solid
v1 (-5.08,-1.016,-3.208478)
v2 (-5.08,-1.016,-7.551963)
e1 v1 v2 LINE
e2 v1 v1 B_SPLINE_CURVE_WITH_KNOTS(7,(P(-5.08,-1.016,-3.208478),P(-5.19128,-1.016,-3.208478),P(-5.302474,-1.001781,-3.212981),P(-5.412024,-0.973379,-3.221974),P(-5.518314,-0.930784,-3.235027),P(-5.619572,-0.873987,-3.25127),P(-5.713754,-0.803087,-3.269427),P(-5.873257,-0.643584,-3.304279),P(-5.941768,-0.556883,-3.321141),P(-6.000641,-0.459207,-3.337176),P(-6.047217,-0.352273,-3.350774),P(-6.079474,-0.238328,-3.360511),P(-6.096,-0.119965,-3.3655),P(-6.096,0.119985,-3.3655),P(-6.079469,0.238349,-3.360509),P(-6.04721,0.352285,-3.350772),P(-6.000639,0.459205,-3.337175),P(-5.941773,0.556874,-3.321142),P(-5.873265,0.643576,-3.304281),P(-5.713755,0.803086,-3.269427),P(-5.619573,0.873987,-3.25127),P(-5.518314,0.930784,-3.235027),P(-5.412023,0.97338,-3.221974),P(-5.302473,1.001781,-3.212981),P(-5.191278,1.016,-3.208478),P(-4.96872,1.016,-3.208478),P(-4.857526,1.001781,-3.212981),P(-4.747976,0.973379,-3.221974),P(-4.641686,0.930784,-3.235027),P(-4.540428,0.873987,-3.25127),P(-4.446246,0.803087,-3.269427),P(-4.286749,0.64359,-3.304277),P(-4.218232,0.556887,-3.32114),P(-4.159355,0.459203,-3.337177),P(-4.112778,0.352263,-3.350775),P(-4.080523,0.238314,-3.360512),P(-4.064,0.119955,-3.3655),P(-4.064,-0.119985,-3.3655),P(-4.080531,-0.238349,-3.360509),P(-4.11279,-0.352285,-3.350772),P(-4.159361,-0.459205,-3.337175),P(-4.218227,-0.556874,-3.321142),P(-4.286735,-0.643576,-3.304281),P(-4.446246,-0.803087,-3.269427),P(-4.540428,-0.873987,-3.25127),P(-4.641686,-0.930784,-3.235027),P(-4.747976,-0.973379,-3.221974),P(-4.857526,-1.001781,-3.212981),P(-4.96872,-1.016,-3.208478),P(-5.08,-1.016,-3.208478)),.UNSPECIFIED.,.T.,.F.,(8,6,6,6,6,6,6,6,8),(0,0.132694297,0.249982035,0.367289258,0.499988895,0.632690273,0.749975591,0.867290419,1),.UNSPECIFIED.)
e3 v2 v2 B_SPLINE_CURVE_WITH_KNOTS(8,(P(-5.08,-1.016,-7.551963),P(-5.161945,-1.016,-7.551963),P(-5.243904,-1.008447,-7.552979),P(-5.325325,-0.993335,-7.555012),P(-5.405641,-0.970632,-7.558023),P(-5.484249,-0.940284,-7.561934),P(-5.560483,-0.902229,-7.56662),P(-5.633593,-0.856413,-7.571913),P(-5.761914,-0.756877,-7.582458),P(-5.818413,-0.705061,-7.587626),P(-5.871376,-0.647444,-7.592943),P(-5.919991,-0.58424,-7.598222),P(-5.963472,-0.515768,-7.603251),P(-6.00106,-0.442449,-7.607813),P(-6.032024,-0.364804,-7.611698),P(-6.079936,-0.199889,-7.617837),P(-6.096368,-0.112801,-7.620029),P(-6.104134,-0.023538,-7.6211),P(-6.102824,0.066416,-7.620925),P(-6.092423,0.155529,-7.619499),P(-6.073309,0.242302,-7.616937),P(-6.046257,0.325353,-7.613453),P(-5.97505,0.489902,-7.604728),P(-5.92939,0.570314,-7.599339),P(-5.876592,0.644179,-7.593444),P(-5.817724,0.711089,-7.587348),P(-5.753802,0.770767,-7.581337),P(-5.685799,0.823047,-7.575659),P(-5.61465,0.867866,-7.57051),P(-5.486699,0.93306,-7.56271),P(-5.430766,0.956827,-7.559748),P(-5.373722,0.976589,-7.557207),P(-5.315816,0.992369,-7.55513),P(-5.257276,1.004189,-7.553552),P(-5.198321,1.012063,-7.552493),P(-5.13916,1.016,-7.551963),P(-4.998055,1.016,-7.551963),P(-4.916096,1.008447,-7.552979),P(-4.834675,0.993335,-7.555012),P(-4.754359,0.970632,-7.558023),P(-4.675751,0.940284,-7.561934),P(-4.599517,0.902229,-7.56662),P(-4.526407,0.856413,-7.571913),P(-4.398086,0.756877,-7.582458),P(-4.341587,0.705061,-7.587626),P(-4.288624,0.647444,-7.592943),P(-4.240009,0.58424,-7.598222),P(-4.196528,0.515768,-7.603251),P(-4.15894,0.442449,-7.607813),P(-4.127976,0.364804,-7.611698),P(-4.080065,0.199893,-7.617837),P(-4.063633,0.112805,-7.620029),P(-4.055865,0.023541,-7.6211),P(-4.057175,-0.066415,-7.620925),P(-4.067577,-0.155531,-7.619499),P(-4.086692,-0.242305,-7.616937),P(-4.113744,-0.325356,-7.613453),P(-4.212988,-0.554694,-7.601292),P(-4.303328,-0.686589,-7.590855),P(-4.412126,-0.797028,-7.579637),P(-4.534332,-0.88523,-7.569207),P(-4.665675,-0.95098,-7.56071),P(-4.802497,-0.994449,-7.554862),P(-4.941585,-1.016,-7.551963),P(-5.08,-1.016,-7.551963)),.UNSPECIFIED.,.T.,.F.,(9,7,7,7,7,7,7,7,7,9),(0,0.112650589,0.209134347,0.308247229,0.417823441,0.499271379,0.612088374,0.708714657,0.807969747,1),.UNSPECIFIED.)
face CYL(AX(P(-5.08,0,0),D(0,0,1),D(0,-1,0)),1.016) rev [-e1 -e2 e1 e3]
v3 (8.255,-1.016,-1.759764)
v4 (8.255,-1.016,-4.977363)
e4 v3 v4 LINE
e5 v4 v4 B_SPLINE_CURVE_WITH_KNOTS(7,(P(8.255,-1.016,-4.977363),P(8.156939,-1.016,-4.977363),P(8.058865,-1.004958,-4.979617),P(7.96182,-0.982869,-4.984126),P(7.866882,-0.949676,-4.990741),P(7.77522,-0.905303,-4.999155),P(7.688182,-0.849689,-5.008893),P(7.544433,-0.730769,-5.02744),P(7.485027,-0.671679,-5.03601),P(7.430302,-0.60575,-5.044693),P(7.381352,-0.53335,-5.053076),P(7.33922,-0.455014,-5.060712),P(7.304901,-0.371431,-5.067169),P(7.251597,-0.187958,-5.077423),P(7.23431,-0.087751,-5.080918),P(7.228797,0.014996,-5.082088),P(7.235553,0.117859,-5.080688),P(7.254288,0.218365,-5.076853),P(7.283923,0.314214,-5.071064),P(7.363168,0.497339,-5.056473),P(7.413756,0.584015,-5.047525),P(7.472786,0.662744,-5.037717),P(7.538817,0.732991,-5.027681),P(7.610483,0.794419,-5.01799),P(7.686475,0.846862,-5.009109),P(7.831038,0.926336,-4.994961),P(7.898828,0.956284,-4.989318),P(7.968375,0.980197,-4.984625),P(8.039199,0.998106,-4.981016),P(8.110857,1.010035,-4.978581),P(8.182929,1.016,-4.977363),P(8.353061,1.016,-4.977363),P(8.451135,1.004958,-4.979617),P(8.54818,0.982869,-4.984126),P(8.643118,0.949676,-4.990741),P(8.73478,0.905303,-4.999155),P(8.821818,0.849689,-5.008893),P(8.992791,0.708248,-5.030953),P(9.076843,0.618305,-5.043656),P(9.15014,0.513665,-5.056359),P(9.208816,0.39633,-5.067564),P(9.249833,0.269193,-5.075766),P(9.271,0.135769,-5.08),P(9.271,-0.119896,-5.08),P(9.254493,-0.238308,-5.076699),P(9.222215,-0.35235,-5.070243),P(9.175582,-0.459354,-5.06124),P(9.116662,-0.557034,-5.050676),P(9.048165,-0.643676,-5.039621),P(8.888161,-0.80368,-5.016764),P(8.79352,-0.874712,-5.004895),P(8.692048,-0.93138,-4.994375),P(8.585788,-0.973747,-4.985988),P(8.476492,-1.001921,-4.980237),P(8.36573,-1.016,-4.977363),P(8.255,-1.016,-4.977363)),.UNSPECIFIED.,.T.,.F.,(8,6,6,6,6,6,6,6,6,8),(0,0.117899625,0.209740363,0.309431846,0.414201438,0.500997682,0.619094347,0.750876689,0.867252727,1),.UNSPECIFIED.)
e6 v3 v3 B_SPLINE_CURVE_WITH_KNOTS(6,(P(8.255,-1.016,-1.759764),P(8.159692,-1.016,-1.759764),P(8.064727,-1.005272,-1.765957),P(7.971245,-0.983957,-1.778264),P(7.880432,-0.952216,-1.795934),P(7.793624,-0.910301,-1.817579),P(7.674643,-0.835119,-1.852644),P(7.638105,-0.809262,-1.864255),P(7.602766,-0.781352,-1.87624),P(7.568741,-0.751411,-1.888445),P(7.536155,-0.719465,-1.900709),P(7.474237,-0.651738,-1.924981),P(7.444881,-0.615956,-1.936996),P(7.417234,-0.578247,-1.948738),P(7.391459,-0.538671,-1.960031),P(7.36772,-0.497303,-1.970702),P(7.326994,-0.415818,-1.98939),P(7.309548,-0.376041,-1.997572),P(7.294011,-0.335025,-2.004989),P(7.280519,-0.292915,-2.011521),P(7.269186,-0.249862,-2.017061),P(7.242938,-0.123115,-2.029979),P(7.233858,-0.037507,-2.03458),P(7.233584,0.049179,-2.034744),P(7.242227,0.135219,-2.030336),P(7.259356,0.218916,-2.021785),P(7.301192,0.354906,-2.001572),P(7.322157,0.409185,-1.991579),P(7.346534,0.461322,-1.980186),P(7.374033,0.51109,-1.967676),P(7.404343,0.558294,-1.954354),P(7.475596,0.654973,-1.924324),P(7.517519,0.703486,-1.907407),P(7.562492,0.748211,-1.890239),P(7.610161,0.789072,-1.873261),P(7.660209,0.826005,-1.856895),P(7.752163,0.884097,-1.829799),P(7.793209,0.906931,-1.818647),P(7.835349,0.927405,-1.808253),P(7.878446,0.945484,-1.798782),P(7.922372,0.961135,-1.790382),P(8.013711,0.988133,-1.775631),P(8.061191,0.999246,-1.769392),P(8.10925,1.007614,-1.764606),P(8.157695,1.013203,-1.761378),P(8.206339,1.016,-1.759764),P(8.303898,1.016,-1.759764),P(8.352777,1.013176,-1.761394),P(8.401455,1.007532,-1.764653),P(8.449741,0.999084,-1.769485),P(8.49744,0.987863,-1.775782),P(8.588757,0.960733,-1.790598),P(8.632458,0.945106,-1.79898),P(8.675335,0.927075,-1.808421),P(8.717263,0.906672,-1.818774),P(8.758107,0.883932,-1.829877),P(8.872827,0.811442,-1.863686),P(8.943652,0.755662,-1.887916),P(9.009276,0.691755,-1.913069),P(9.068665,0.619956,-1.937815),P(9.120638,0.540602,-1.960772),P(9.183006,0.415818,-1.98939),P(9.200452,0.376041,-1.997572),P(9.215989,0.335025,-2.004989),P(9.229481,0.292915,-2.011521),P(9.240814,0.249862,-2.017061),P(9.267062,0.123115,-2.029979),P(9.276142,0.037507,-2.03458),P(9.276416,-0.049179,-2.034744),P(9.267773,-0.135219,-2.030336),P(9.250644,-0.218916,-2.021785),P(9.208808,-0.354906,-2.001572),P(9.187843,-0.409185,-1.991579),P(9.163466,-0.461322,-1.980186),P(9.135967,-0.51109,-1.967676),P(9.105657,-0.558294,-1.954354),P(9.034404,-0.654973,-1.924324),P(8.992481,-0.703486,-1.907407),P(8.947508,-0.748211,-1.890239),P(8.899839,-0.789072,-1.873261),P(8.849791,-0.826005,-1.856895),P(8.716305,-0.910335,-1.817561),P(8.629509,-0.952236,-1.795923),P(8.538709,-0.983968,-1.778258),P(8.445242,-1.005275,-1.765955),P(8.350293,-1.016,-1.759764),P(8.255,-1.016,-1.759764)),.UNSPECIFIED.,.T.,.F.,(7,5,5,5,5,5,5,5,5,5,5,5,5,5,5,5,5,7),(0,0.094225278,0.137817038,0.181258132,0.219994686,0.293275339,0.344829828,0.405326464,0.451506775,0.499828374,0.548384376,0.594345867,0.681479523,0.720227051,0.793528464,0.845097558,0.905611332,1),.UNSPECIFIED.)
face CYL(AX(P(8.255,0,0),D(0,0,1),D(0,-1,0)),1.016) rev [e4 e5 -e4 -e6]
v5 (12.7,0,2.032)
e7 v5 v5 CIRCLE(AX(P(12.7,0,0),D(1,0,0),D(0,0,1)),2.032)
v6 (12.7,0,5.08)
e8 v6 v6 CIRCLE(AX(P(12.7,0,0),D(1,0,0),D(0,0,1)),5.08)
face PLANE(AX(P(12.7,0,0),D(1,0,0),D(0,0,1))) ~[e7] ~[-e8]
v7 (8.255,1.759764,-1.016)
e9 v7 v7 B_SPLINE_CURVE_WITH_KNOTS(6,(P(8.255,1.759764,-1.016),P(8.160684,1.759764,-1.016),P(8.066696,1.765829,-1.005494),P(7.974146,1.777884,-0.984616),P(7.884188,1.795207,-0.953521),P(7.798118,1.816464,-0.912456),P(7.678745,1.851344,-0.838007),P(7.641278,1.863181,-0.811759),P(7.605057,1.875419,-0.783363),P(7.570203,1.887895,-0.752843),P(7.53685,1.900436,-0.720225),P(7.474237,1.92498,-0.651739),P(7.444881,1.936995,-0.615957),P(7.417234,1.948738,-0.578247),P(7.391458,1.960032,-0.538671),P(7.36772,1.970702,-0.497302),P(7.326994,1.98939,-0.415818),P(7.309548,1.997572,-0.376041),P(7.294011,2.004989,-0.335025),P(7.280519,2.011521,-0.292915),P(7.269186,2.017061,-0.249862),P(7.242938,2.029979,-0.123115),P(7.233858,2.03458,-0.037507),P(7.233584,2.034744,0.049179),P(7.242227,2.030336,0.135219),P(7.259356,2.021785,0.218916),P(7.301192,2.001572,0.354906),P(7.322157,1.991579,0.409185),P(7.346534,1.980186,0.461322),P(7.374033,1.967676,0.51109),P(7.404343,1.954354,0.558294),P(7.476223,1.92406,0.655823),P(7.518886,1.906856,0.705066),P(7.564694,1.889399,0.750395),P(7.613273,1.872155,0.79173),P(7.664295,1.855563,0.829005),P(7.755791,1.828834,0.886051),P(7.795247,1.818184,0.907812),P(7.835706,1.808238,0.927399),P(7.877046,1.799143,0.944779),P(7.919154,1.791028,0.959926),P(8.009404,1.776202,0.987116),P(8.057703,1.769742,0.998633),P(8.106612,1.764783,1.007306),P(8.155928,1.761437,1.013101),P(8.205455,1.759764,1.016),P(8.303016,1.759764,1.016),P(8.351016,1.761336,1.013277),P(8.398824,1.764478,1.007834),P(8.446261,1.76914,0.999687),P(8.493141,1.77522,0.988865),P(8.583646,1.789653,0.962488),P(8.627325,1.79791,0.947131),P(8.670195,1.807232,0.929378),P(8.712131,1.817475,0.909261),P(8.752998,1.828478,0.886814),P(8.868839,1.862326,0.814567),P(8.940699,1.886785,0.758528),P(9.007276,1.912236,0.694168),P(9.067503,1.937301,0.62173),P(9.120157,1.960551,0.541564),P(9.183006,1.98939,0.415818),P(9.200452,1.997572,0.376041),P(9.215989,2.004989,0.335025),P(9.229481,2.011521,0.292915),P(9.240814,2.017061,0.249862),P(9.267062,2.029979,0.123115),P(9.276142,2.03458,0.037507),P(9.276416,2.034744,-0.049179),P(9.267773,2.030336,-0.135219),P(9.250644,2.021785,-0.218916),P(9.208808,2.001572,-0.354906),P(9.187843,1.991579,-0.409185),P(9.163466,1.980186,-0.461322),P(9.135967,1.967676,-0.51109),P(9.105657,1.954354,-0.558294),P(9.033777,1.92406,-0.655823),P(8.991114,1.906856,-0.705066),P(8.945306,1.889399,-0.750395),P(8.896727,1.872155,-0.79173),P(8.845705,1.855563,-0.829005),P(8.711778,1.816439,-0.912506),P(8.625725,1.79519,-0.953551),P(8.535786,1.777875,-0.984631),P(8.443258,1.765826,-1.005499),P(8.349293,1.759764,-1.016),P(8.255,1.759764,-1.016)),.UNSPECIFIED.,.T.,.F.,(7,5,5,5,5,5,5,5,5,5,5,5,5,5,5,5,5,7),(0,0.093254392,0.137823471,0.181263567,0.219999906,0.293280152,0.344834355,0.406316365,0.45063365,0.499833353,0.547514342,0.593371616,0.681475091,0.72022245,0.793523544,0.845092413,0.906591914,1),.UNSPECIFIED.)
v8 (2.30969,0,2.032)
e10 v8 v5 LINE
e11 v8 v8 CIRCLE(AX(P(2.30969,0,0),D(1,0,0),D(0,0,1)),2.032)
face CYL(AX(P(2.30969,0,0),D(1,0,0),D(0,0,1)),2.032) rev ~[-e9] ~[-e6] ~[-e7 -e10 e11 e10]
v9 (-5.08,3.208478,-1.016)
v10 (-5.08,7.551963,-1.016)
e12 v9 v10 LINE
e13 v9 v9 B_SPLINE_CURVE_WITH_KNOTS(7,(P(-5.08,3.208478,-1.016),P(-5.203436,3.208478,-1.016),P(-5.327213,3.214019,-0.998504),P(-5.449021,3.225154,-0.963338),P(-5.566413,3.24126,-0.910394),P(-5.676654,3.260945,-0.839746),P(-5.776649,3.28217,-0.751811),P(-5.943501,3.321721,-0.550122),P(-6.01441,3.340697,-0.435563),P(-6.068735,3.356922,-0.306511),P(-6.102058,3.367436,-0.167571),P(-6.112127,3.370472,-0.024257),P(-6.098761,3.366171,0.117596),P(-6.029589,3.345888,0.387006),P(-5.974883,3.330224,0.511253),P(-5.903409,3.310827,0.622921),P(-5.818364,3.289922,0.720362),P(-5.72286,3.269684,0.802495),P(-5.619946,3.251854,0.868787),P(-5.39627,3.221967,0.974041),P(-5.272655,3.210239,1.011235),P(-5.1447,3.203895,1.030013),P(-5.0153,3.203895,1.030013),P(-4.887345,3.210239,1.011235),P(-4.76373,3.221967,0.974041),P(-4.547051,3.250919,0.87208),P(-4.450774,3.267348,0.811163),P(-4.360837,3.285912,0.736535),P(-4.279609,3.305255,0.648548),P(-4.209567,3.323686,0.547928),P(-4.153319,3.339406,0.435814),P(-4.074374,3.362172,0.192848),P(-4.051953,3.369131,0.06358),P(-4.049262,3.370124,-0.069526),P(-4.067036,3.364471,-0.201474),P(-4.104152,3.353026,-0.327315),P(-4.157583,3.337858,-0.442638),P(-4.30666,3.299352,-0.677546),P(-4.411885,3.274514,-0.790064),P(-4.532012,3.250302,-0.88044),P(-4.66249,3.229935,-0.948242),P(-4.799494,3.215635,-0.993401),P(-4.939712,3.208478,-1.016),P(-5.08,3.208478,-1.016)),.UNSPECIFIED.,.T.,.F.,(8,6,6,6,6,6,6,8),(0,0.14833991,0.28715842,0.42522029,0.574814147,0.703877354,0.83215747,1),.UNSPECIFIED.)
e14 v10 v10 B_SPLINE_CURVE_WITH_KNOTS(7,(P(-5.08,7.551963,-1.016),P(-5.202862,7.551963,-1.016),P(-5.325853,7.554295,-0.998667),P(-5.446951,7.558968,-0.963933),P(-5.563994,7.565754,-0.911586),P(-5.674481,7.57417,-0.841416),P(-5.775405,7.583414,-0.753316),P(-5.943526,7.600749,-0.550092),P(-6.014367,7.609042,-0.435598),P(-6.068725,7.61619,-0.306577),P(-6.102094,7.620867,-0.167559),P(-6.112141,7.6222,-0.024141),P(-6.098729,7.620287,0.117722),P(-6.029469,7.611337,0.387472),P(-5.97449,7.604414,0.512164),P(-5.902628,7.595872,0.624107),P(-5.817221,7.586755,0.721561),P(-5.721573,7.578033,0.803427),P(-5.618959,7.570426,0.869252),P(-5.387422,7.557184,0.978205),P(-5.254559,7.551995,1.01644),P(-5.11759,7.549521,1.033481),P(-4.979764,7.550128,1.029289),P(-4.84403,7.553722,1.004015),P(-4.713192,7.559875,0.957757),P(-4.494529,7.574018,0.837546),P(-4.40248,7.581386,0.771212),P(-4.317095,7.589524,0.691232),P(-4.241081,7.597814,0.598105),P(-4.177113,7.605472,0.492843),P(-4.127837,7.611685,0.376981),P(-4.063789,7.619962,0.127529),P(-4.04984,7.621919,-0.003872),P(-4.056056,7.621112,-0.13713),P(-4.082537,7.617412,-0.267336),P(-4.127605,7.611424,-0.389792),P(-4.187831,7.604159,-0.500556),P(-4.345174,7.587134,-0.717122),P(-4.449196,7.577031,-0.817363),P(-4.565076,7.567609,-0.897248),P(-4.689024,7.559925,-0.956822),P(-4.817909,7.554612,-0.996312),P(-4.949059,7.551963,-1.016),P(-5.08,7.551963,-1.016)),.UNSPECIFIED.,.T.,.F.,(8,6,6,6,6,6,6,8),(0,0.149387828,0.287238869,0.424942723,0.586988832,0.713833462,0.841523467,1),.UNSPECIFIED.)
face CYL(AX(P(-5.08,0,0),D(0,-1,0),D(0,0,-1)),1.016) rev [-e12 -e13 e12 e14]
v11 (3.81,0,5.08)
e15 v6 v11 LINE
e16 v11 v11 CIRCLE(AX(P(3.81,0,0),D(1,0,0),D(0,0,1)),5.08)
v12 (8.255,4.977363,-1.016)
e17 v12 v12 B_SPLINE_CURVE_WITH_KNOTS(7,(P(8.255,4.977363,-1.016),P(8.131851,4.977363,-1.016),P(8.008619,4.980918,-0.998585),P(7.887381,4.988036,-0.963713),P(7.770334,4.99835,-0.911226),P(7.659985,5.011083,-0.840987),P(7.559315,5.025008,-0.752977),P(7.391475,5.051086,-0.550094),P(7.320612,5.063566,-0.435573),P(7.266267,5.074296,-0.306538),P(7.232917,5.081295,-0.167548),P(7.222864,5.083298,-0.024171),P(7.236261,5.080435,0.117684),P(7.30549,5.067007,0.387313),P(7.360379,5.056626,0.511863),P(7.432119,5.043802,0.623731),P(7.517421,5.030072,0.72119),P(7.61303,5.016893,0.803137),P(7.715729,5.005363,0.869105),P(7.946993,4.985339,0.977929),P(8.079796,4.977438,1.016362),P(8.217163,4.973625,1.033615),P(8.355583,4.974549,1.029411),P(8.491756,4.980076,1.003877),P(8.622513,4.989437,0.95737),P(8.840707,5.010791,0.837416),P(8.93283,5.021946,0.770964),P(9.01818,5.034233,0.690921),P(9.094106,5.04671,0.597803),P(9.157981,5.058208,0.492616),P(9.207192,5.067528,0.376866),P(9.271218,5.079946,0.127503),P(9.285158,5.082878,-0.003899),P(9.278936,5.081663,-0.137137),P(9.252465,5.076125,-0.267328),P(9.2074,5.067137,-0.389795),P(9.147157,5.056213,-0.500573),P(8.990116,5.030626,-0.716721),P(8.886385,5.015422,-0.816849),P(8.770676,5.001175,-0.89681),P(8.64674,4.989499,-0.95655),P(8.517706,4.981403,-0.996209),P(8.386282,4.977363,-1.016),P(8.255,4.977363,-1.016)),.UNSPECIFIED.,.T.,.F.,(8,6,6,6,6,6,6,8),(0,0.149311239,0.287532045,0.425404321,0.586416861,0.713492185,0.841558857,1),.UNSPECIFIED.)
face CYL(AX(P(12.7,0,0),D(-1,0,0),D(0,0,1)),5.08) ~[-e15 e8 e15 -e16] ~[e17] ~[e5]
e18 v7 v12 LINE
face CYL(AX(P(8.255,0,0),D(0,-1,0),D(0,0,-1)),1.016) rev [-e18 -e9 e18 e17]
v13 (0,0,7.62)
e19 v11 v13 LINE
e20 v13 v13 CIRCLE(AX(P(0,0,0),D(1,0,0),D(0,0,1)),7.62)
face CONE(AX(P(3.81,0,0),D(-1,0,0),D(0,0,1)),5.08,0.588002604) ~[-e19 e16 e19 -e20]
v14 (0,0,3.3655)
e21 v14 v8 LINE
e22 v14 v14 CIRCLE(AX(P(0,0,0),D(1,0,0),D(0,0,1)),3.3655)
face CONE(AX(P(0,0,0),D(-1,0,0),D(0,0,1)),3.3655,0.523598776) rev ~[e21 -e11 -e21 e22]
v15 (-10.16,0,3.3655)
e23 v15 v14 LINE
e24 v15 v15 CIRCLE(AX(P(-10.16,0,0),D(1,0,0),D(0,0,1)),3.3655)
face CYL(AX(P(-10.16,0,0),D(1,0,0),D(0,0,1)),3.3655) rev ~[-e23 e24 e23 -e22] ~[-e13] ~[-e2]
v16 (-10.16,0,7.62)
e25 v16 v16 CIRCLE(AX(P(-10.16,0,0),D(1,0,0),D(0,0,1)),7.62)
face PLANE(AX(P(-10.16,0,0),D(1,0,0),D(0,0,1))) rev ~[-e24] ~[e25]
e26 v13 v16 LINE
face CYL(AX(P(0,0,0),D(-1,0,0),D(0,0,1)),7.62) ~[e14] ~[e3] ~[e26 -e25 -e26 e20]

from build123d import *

# Parameters (mm, degrees)
SKETCH2_R          = 1.016
CUT_EXTRUDE1_DEPTH = 17.655893852
CIRPATTERN1_COUNT  = 2
CIRPATTERN1_ANGLE  = 90


with BuildPart() as part:
    # Sketch1 → Revolve1 (revolve)
    with BuildSketch(Plane(origin=(0, 0, 0), x_dir=(1, 0, 0), z_dir=(0, 1, 0)), mode=Mode.PRIVATE) as revolve1_sk:
        Polygon((-10.16, 3.3655), (0, 3.3655), (2.309689752, 2.032), (12.7, 2.032), (12.7, 5.08), (3.81, 5.08), (0, 7.62), (-10.16, 7.62), align=None)
    revolve(revolve1_sk.sketch.rotate(Axis((0, 0, 0), (1, 0, 0)), 180), axis=Axis((0, 0, 0), (1, 0, 0)))

    # Sketch2 → Cut-Extrude1 (cut, through all)
    with BuildSketch(Plane(origin=(0, 0, 0), x_dir=(1, 0, 0), z_dir=(0, 1, 0))):
        with Locations(Location((-5.08, 0, 0), (0, 0, 90))):
            Circle(SKETCH2_R)
        with Locations(Location((8.255, 0, 0), (0, 0, 90))):
            Circle(SKETCH2_R)
    cut_extrude1 = extrude(amount=CUT_EXTRUDE1_DEPTH, mode=Mode.SUBTRACT)

    # CirPattern1: Cut-Extrude1 ×2 about axis
    cirpattern1_axis = Axis((-10.16, 0, 0), (-1, 0, 0))
    for i in range(1, CIRPATTERN1_COUNT):
        add(cut_extrude1.rotate(cirpattern1_axis, i * CIRPATTERN1_ANGLE / (CIRPATTERN1_COUNT - 1)), mode=Mode.SUBTRACT)


solid = part.part
